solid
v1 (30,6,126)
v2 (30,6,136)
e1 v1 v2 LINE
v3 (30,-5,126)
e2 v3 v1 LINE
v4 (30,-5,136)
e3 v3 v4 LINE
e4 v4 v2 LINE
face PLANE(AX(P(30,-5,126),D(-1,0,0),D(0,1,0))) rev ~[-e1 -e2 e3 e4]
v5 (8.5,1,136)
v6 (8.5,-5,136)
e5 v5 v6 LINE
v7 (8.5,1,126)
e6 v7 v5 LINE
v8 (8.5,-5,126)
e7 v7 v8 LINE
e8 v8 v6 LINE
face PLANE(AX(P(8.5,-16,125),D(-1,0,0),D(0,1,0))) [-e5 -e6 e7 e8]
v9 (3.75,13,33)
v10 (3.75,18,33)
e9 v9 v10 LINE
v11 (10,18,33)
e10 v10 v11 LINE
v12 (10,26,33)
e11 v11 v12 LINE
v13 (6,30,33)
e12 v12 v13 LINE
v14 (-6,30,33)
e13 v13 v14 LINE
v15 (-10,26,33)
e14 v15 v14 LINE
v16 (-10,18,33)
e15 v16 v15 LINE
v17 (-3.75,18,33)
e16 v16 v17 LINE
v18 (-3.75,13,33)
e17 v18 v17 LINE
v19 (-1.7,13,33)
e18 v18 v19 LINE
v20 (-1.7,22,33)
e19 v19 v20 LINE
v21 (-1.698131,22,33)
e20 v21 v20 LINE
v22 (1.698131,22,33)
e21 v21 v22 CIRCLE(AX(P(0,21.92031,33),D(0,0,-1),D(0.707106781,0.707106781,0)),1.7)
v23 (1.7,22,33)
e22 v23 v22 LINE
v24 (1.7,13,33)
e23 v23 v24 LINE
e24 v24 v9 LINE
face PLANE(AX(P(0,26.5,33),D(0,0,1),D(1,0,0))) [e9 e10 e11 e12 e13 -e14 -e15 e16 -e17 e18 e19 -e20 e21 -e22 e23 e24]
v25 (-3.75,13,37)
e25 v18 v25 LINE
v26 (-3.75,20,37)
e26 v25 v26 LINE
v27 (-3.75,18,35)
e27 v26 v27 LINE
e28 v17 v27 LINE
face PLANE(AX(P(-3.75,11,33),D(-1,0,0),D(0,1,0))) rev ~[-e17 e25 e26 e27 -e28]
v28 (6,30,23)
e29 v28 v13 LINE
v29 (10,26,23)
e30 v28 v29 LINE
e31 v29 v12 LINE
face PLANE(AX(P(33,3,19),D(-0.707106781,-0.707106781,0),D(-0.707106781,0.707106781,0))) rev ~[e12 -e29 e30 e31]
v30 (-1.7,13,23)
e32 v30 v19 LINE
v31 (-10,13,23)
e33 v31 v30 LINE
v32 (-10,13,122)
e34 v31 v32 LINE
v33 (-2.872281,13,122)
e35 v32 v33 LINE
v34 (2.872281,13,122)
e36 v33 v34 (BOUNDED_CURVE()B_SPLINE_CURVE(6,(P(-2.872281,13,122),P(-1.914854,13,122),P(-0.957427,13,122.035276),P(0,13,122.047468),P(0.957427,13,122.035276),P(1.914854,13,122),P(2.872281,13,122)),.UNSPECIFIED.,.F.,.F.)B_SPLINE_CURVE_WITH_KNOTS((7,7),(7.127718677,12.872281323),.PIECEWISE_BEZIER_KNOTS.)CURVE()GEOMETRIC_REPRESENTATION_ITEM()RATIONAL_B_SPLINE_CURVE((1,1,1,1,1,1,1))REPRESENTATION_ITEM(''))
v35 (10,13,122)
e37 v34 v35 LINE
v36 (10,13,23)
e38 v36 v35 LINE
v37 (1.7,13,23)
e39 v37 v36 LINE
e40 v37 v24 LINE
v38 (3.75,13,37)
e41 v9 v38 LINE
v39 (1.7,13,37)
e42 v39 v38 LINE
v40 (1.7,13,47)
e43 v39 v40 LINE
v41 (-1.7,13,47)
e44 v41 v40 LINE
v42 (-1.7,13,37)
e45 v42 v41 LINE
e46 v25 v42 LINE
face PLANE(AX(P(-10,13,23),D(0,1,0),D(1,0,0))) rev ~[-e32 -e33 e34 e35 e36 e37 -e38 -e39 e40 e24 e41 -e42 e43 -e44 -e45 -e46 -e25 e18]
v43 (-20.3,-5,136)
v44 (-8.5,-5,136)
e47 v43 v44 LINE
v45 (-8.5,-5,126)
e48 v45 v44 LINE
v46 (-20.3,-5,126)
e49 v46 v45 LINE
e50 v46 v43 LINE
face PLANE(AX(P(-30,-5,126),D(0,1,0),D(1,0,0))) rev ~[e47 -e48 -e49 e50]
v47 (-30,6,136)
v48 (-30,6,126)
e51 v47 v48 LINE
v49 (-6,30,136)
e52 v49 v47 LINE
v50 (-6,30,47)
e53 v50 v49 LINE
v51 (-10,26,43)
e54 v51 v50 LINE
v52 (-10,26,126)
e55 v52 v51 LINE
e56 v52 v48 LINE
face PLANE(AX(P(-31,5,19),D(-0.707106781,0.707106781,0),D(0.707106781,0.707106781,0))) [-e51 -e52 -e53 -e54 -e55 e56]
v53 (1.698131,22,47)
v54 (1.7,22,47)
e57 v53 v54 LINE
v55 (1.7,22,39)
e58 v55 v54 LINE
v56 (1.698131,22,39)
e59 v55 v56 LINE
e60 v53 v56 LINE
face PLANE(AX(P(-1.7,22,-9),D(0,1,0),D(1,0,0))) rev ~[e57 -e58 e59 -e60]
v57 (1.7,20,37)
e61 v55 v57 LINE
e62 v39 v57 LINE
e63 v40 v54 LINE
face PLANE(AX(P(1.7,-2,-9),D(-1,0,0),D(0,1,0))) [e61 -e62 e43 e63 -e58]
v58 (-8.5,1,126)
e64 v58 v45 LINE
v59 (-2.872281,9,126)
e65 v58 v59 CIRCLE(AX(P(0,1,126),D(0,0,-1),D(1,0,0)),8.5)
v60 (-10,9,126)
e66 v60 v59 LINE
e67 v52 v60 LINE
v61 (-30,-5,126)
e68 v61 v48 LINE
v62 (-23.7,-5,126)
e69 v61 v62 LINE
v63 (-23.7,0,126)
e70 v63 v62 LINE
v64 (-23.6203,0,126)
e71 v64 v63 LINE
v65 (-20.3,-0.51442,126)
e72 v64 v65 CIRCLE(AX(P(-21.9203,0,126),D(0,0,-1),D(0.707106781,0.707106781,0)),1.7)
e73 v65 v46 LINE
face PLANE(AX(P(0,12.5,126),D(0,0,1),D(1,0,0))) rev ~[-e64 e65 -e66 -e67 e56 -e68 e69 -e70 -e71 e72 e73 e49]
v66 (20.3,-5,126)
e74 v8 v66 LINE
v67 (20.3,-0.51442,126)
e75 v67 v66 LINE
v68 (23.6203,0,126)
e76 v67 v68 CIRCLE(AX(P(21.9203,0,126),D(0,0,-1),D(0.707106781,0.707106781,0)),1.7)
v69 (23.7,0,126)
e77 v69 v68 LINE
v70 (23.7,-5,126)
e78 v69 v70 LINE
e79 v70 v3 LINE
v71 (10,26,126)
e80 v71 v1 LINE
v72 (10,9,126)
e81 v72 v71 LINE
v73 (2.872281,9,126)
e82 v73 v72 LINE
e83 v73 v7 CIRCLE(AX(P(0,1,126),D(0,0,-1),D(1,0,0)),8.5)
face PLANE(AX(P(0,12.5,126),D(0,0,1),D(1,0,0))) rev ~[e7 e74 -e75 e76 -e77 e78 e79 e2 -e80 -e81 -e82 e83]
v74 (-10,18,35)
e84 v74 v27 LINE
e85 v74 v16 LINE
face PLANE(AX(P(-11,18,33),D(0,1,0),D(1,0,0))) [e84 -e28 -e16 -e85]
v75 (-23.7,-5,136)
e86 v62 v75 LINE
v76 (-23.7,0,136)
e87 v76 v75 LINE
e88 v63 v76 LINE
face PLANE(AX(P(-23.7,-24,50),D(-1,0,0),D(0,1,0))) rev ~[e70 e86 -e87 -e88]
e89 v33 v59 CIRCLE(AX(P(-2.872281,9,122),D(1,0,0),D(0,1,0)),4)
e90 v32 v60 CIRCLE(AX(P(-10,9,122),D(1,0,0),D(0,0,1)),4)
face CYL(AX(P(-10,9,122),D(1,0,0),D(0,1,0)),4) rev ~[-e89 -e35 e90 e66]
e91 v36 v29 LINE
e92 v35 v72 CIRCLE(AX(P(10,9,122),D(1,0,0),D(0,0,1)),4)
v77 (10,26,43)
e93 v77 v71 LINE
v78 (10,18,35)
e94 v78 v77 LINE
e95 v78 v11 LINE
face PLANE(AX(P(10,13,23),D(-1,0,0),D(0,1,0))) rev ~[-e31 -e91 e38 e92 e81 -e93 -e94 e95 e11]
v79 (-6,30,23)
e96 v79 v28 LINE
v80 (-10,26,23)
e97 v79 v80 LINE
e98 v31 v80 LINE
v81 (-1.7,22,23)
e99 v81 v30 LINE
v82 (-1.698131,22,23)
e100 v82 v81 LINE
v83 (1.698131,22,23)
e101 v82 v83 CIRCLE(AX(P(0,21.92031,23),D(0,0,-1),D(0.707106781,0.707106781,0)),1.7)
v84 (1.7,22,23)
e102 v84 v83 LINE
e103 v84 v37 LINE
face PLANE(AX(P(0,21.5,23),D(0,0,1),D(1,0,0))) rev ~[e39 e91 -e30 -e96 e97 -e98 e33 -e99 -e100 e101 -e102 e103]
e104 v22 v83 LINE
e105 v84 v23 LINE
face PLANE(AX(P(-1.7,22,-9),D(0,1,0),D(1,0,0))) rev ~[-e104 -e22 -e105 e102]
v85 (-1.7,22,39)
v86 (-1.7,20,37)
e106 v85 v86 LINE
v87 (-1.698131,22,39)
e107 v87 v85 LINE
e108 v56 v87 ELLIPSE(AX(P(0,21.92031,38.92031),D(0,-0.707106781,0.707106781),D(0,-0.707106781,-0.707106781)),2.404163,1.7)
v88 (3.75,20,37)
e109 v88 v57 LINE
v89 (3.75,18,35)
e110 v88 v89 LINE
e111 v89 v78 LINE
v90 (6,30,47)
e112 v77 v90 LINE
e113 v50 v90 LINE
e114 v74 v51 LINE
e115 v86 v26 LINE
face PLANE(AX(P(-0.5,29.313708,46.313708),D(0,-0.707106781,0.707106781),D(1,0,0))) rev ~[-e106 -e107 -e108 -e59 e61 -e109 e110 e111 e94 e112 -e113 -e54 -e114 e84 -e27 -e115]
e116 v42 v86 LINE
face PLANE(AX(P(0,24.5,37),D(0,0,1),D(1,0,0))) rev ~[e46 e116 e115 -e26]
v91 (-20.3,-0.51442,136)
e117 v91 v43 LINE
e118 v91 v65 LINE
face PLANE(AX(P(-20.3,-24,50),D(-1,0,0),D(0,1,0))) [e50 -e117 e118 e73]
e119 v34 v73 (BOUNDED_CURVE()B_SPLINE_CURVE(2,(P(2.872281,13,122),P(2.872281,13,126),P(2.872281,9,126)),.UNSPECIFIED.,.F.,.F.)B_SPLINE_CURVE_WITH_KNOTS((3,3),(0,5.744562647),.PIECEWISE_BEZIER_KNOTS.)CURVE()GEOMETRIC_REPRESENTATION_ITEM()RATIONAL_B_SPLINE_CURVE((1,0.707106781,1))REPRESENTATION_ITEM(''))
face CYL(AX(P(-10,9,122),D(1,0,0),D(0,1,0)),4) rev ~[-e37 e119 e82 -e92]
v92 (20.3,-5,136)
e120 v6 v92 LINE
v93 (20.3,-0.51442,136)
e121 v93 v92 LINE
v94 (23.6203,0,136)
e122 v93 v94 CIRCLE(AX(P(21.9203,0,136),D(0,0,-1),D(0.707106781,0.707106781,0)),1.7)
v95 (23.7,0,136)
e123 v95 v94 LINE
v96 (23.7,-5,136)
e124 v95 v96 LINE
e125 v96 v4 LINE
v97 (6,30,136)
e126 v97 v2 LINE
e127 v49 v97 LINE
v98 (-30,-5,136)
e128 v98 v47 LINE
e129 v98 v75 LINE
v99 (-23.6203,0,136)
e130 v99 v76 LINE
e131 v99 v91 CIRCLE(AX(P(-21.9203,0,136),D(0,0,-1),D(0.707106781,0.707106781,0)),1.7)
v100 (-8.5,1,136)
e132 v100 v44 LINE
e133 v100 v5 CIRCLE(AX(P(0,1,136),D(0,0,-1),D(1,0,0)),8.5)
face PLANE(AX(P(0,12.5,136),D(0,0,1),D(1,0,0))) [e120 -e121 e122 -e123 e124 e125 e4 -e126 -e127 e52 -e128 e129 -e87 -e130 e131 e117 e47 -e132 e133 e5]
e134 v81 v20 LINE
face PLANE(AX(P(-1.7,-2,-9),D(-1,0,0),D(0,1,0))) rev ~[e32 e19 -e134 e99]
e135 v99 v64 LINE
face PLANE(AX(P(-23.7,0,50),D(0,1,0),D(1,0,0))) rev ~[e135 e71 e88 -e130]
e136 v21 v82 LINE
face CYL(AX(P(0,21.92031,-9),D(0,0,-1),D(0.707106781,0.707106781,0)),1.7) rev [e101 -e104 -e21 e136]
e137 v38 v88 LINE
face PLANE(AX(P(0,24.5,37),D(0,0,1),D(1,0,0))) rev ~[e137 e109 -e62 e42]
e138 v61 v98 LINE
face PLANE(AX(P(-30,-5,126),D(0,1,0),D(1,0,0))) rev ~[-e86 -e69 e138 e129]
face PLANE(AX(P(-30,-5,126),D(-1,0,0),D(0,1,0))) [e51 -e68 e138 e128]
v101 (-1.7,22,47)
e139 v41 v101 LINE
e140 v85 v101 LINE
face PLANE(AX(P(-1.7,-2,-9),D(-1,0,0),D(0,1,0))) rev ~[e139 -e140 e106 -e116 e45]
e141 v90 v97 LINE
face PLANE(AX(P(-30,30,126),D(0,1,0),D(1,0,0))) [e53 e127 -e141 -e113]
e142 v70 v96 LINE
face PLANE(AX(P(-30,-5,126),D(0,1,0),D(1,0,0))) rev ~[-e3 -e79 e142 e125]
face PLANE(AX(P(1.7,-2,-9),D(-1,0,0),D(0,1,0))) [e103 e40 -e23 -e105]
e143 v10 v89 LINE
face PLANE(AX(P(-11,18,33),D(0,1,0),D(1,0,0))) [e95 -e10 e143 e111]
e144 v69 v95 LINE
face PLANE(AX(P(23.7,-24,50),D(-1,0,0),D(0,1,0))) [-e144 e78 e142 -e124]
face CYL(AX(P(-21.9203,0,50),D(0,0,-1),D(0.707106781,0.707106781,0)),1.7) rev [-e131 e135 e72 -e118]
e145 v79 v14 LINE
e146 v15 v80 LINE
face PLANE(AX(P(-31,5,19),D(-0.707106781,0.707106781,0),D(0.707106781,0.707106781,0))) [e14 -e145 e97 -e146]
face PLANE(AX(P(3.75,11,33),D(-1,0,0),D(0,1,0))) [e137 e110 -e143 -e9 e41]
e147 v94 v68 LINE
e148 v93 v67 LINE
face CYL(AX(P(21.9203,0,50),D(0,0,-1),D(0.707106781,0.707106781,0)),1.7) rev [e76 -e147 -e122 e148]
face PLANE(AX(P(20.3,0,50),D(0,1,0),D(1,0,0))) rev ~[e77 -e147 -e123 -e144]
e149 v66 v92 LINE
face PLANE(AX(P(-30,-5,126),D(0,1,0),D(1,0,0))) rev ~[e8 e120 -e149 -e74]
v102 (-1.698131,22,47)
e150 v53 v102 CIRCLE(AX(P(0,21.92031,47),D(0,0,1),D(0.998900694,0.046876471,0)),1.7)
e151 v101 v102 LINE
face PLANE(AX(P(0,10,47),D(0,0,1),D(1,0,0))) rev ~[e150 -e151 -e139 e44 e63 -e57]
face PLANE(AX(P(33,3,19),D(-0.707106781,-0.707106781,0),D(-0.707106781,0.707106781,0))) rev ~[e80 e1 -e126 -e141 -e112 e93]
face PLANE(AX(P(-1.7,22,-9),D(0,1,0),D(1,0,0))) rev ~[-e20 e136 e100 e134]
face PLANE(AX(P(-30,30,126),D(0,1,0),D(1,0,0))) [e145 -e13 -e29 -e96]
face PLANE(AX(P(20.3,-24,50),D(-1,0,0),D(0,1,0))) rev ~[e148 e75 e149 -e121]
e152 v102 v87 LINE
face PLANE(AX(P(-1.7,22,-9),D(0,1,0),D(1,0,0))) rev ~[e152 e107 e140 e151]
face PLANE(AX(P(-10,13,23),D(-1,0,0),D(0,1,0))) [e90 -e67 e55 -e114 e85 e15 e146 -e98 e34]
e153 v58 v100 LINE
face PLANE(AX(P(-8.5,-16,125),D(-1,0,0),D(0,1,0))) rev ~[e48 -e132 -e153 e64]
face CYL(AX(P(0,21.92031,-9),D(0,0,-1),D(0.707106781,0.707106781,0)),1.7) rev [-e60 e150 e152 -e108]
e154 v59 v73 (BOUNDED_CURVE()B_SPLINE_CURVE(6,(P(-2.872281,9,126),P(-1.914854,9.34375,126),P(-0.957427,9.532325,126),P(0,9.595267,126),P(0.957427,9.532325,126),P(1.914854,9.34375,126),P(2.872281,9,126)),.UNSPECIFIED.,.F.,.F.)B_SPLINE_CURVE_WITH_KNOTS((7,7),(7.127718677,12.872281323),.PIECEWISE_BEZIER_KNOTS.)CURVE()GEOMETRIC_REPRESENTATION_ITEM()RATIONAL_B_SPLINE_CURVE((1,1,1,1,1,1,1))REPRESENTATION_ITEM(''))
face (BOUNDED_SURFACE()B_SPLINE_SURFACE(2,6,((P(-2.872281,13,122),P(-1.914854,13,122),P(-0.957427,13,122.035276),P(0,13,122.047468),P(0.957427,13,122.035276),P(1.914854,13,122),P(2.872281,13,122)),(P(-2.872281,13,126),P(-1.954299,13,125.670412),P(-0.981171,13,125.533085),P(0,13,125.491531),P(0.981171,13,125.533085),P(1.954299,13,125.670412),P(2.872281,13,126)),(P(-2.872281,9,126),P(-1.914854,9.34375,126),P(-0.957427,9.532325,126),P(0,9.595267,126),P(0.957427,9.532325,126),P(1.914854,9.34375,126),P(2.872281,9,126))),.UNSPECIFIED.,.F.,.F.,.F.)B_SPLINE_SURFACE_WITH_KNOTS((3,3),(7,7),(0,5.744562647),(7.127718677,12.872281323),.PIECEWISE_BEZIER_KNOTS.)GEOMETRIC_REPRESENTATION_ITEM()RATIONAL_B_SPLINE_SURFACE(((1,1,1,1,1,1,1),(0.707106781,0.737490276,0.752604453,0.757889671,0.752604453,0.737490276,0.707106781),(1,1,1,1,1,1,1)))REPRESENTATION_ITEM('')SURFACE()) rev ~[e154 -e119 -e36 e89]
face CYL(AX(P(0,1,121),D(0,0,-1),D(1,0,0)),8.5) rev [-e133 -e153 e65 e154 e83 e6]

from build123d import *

# Parameters (mm, degrees)
BOX043_W                    = 7.5
BOX043_H                    = 27
BOX043_DEPTH                = 4
CYLINDER043_R               = 8.5
CYLINDER043_DEPTH           = 36
BOX042_W                    = 17
BOX042_H                    = 17
BOX042_DEPTH                = 18
BOX039_W                    = 3.4
BOX039_H                    = 24
BOX039_DEPTH                = 100
CYLINDER042_R               = 1.7
CYLINDER042_DEPTH           = 100
CYLINDER042_PLACEMENT_ANGLE = 45
BOX038_W                    = 3.4
BOX038_H                    = 24
BOX038_DEPTH                = 100
CYLINDER041_R               = 1.7
CYLINDER041_DEPTH           = 100
CYLINDER041_PLACEMENT_ANGLE = 45
BOX037_W                    = 3.4
BOX037_H                    = 24
BOX037_DEPTH                = 56
CYLINDER040_R               = 1.7
CYLINDER040_DEPTH           = 56
CYLINDER040_PLACEMENT_ANGLE = 45
BOX041_W                    = 25
BOX041_H                    = 32
BOX041_DEPTH                = 16
BOX041_PLACEMENT_ANGLE      = 45
BOX040_W                    = 22
BOX040_H                    = 17
BOX040_DEPTH                = 16
BOX035_W                    = 41
BOX035_H                    = 17
BOX035_DEPTH                = 122
BOX035_PLACEMENT_ANGLE      = 45
BOX036_W                    = 20
BOX036_H                    = 42
BOX036_DEPTH                = 124
BOX036_PLACEMENT_ANGLE      = 45
BOX034_W                    = 60
BOX034_H                    = 35
BOX034_DEPTH                = 10
BOX033_W                    = 20
BOX033_H                    = 17
BOX033_DEPTH                = 103
FILLET016_R                 = 4


with BuildPart() as cube039:
    # Box043 → Box043 (new body)
    with BuildSketch(Plane(origin=(-3.75, 11, 33), x_dir=(1, 0, 0), z_dir=(0, 0, 1))):
        with Locations((3.75, 13.5)):
            Rectangle(BOX043_W, BOX043_H)
    extrude(amount=BOX043_DEPTH)


with BuildPart() as cylinder015:
    # Cylinder043 → Cylinder043 (new body)
    with BuildSketch(Plane(origin=(0, 10, 121), x_dir=(1, 0, 0), z_dir=(0, 0, 1))):
        Circle(CYLINDER043_R)
    extrude(amount=CYLINDER043_DEPTH)


with BuildPart() as fusion031:
    # Box042 → Box042 (new body)
    with BuildSketch(Plane(origin=(-8.5, -7, 125), x_dir=(1, 0, 0), z_dir=(0, 0, 1))):
        with Locations((8.5, 8.5)):
            Rectangle(BOX042_W, BOX042_H)
    extrude(amount=BOX042_DEPTH)

    # Fusion031: union Cylinder015
    add(cylinder015.part)


with BuildPart() as fusion031_1:
    # Fusion031 placement: moved
    add(fusion031.part.moved(Location((0, -9, 0))))


with BuildPart() as cube035:
    # Box039 → Box039 (new body)
    with BuildSketch(Plane(origin=(20.3, -24, 50), x_dir=(1, 0, 0), z_dir=(0, 0, 1))):
        with Locations((1.7, 12)):
            Rectangle(BOX039_W, BOX039_H)
    extrude(amount=BOX039_DEPTH)


with BuildPart() as fusion029:
    # Cylinder042 → Cylinder042 (new body)
    with BuildSketch(Plane.XY):
        Circle(CYLINDER042_R)
    extrude(amount=CYLINDER042_DEPTH)


with BuildPart() as fusion029_1:
    # Cylinder042 placement: moved
    add(fusion029.part.moved(Location((21.9203, 0, 50))).rotate(Axis((21.9203, 0, 50), (0, 0, 1)), CYLINDER042_PLACEMENT_ANGLE))

    # Fusion029: union Cube035
    add(cube035.part)


with BuildPart() as cube034:
    # Box038 → Box038 (new body)
    with BuildSketch(Plane(origin=(-23.7, -24, 50), x_dir=(1, 0, 0), z_dir=(0, 0, 1))):
        with Locations((1.7, 12)):
            Rectangle(BOX038_W, BOX038_H)
    extrude(amount=BOX038_DEPTH)


with BuildPart() as fusion030:
    # Cylinder041 → Cylinder041 (new body)
    with BuildSketch(Plane.XY):
        Circle(CYLINDER041_R)
    extrude(amount=CYLINDER041_DEPTH)


with BuildPart() as fusion030_1:
    # Cylinder041 placement: moved
    add(fusion030.part.moved(Location((-21.9203, 0, 50))).rotate(Axis((-21.9203, 0, 50), (0, 0, 1)), CYLINDER041_PLACEMENT_ANGLE))

    # Fusion030: union Cube034
    add(cube034.part)


with BuildPart() as cube033:
    # Box037 → Box037 (new body)
    with BuildSketch(Plane(origin=(-1.7, -2, -3), x_dir=(1, 0, 0), z_dir=(0, 0, 1))):
        with Locations((1.7, 12)):
            Rectangle(BOX037_W, BOX037_H)
    extrude(amount=BOX037_DEPTH)


with BuildPart() as top_slot:
    # Cylinder040 → Cylinder040 (new body)
    with BuildSketch(Plane.XY):
        Circle(CYLINDER040_R)
    extrude(amount=CYLINDER040_DEPTH)


with BuildPart() as top_slot_1:
    # Cylinder040 placement: moved
    add(top_slot.part.moved(Location((0, 21.92031, -3))).rotate(Axis((0, 21.92031, -3), (0, 0, 1)), CYLINDER040_PLACEMENT_ANGLE))

    # Fusion028: union Cube033
    add(cube033.part)


with BuildPart() as top_slot_2:
    # Fusion028 placement: moved
    add(top_slot_1.part.moved(Location((0, 0, -6))))


with BuildPart() as cube037:
    # Box041 → Box041 (new body)
    with BuildSketch(Plane.XY):
        with Locations((12.5, 16)):
            Rectangle(BOX041_W, BOX041_H)
    extrude(amount=BOX041_DEPTH)


with BuildPart() as cube037_1:
    # Box041 placement: moved
    add(cube037.part.moved(Location((-13, 18, 35))).rotate(Axis((-13, 18, 35), (1, 0, 0)), BOX041_PLACEMENT_ANGLE))


with BuildPart() as cut052:
    # Box040 → Box040 (new body)
    with BuildSketch(Plane(origin=(-11, 18, 33), x_dir=(1, 0, 0), z_dir=(0, 0, 1))):
        with Locations((11, 8.5)):
            Rectangle(BOX040_W, BOX040_H)
    extrude(amount=BOX040_DEPTH)

    # Cut052: cut Cube037
    add(cube037_1.part, mode=Mode.SUBTRACT)


with BuildPart() as cube031:
    # Box035 → Box035 (new body)
    with BuildSketch(Plane.XY):
        with Locations((20.5, 8.5)):
            Rectangle(BOX035_W, BOX035_H)
    extrude(amount=BOX035_DEPTH)


with BuildPart() as cube031_1:
    # Box035 placement: moved
    add(cube031.part.moved(Location((-31, 5, 19))).rotate(Axis((-31, 5, 19), (0, 0, 1)), BOX035_PLACEMENT_ANGLE))


with BuildPart() as cube032:
    # Box036 → Box036 (new body)
    with BuildSketch(Plane.XY):
        with Locations((10, 21)):
            Rectangle(BOX036_W, BOX036_H)
    extrude(amount=BOX036_DEPTH)


with BuildPart() as cube032_1:
    # Box036 placement: moved
    add(cube032.part.moved(Location((33, 3, 19))).rotate(Axis((33, 3, 19), (0, 0, 1)), BOX036_PLACEMENT_ANGLE))


with BuildPart() as cube030:
    # Box034 → Box034 (new body)
    with BuildSketch(Plane(origin=(-30, -5, 126), x_dir=(1, 0, 0), z_dir=(0, 0, 1))):
        with Locations((30, 17.5)):
            Rectangle(BOX034_W, BOX034_H)
    extrude(amount=BOX034_DEPTH)


with BuildPart() as paste_extruder_top_strengthener:
    # Box033 → Box033 (new body)
    with BuildSketch(Plane(origin=(-10, 13, 23), x_dir=(1, 0, 0), z_dir=(0, 0, 1))):
        with Locations((10, 8.5)):
            Rectangle(BOX033_W, BOX033_H)
    extrude(amount=BOX033_DEPTH)

    # Fusion027: union Cube030
    add(cube030.part)

    # Cut050: cut Cube032
    add(cube032_1.part, mode=Mode.SUBTRACT)

    # Cut051: cut Cube031
    add(cube031_1.part, mode=Mode.SUBTRACT)

    # Cut053: cut Cut052
    add(cut052.part, mode=Mode.SUBTRACT)

    # Cut054: cut top-slot
    add(top_slot_2.part, mode=Mode.SUBTRACT)

    # Cut055: cut Fusion030
    add(fusion030_1.part, mode=Mode.SUBTRACT)

    # Cut056: cut Fusion029
    add(fusion029_1.part, mode=Mode.SUBTRACT)

    # Cut057: cut Fusion031
    add(fusion031_1.part, mode=Mode.SUBTRACT)

    # Cut058: cut Cube039
    add(cube039.part, mode=Mode.SUBTRACT)

    # Fillet016
    fillet016_edges = [paste_extruder_top_strengthener.edges().sort_by_distance(p)[0] for p in [
        (0, 13, 126),
    ]]
    fillet(fillet016_edges, radius=FILLET016_R)


solid = paste_extruder_top_strengthener.part
